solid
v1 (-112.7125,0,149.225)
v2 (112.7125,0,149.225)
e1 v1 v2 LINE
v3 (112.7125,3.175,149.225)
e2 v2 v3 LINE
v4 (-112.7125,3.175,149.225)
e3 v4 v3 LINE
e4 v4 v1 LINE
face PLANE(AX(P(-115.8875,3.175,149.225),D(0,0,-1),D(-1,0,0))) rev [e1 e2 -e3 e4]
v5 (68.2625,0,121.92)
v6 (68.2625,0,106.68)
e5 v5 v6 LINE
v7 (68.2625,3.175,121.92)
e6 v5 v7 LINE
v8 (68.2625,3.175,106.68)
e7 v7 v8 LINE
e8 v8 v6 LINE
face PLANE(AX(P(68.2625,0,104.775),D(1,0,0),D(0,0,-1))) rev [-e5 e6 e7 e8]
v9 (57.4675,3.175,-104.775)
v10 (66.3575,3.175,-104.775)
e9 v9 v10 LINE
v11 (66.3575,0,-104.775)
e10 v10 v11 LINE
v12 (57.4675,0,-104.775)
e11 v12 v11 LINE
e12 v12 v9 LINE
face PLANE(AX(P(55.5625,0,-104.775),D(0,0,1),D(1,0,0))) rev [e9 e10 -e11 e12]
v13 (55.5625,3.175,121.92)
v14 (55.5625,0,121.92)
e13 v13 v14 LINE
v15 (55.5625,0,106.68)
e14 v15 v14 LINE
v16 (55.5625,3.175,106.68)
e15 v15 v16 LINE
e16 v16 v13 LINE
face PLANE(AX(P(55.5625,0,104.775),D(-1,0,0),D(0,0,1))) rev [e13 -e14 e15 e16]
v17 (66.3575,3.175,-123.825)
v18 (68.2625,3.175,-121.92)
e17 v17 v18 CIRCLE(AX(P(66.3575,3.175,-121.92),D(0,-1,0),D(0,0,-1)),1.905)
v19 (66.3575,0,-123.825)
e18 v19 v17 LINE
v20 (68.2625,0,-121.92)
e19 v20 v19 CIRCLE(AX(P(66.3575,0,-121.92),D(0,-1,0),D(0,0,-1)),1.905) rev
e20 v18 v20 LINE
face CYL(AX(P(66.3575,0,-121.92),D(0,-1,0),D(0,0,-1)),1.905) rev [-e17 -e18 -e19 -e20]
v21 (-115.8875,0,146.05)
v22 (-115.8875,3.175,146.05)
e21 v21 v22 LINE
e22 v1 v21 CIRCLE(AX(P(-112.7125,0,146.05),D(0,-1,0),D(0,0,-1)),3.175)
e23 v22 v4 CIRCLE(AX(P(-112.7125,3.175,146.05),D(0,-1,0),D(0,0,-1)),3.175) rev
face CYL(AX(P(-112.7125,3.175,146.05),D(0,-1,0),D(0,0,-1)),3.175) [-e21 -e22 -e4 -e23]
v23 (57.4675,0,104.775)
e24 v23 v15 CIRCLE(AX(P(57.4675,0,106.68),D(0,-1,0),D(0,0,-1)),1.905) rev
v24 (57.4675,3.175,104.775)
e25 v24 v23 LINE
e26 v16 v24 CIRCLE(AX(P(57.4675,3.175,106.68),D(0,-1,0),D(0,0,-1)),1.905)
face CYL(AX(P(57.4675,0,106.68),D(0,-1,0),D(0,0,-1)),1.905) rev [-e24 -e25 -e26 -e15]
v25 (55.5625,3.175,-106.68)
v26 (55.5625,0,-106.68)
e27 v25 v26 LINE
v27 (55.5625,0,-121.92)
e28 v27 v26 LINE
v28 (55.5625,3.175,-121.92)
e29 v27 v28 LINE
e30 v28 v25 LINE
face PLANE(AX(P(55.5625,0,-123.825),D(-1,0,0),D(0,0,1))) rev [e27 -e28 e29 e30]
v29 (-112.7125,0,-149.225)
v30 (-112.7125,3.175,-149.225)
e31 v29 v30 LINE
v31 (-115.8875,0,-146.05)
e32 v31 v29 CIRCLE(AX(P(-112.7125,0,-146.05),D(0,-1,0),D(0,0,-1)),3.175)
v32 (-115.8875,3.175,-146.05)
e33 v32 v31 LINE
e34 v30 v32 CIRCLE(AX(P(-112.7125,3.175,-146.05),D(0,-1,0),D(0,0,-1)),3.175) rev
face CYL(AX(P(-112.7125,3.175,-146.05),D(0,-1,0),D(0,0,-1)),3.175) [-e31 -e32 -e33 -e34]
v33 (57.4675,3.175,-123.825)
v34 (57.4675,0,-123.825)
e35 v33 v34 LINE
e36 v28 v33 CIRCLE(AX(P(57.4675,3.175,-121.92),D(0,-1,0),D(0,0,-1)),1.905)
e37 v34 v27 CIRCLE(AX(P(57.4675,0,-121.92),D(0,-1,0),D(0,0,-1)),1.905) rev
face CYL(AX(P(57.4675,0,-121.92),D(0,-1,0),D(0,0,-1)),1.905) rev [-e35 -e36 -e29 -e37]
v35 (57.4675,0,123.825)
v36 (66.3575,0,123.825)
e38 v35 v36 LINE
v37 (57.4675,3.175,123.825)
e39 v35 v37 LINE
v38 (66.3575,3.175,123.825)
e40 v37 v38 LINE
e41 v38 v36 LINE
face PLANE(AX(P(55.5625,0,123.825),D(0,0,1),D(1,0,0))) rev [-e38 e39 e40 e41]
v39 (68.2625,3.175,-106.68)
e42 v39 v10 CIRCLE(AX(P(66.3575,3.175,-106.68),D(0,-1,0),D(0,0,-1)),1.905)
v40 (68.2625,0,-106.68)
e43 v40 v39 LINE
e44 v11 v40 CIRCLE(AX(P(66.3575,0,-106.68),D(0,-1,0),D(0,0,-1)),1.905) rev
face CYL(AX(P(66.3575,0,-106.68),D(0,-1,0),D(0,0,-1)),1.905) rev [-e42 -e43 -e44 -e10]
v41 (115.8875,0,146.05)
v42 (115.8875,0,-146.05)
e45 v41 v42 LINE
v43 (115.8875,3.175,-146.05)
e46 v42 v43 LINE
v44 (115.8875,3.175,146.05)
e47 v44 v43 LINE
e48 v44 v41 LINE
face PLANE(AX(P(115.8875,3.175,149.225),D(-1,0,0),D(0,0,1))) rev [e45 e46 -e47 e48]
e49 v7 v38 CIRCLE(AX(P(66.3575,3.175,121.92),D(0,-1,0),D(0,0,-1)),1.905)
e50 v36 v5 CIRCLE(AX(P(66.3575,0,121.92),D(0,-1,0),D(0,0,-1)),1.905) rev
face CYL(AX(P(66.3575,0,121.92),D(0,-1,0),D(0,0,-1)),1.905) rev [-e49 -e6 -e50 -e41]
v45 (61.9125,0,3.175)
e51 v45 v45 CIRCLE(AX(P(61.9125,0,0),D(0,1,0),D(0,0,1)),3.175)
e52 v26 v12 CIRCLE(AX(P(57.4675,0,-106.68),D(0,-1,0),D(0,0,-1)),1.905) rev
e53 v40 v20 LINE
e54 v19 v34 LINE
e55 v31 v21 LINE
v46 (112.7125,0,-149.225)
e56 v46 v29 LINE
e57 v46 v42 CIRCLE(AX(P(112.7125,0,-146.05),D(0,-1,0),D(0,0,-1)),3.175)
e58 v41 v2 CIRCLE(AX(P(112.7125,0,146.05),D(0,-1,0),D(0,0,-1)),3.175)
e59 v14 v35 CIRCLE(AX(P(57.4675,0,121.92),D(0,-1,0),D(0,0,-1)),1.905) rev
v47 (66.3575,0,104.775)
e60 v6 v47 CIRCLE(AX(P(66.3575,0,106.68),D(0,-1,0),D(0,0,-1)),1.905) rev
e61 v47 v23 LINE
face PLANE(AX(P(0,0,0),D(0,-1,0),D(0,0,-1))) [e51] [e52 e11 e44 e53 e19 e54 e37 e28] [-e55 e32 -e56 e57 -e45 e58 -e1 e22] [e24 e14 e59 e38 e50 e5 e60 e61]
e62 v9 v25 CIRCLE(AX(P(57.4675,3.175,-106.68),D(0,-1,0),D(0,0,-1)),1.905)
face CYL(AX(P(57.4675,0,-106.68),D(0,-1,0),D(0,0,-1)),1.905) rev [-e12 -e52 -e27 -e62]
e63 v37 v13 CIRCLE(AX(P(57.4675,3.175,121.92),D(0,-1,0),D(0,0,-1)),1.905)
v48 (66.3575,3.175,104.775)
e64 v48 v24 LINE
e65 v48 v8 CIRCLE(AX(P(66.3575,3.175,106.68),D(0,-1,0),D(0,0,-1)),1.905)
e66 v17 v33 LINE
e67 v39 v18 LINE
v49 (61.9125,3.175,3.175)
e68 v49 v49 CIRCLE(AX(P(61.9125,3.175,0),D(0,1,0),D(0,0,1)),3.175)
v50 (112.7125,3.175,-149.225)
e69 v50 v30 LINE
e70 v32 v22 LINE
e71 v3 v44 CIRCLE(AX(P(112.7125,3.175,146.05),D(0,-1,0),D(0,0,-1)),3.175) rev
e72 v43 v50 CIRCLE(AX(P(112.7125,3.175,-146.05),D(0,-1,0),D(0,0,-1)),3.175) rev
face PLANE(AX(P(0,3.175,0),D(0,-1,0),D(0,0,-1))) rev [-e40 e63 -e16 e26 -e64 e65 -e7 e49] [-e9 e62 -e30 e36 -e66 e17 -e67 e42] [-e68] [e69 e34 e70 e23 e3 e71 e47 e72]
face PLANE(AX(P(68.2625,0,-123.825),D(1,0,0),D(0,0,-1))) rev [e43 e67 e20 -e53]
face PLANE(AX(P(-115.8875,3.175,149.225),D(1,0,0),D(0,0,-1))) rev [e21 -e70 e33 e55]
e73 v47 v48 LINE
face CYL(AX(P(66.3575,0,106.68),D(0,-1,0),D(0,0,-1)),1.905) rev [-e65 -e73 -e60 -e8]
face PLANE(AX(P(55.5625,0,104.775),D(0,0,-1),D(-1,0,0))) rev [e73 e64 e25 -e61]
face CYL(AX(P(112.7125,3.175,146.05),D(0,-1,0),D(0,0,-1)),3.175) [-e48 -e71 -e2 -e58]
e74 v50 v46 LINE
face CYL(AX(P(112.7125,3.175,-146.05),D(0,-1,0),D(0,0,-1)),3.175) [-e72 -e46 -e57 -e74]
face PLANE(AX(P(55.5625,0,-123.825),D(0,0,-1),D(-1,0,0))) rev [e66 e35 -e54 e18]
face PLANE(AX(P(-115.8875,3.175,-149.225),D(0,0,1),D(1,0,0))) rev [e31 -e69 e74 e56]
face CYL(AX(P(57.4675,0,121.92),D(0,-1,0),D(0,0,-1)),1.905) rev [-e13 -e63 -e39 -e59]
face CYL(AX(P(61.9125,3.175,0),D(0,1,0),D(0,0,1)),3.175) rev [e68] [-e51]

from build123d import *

# Parameters (mm, degrees)
SKETCH1_W                   = 231.775
SKETCH1_H                   = 298.45
BOSS_EXTRUDE1_DEPTH         = 3.175
F_1_4_0_25_DIAMETER_HOLE1_D = 6.35
FILLET1_R                   = 3.175
SKETCH4_W                   = 12.7
SKETCH4_H                   = 19.05
CUT_EXTRUDE1_DEPTH          = 4.175
FILLET2_R                   = 1.905


with BuildPart() as part:
    # Sketch1 → Boss-Extrude1 (new body)
    with BuildSketch(Plane(origin=(0, 0, 0), x_dir=(1, 0, 0), z_dir=(0, 1, 0))):
        Rectangle(SKETCH1_W, SKETCH1_H)
    extrude(amount=BOSS_EXTRUDE1_DEPTH)

    # 1/4 (0.25) Diameter Hole1 (through all)
    with Locations(Plane(origin=(0, 3.175, 0), x_dir=(1, 0, 0), z_dir=(0, 1, 0))):
        with Locations((61.9125, 0)):
            Hole(F_1_4_0_25_DIAMETER_HOLE1_D / 2)

    # Fillet1
    fillet1_edges = [part.edges().sort_by_distance(p)[0] for p in [
        (115.8875, 1.5875, 149.225),
        (-115.8875, 1.5875, 149.225),
        (-115.8875, 1.5875, -149.225),
        (115.8875, 1.5875, -149.225),
    ]]
    fillet(fillet1_edges, radius=FILLET1_R)

    # Sketch4 → Cut-Extrude1 (cut, through all)
    with BuildSketch(Plane(origin=(0, 3.175, 0), x_dir=(1, 0, 0), z_dir=(0, 1, 0))):
        with Locations((61.9125, -114.3)):
            Rectangle(SKETCH4_W, SKETCH4_H)
        with Locations((61.9125, 114.3)):
            Rectangle(SKETCH4_W, SKETCH4_H)
    extrude(amount=-CUT_EXTRUDE1_DEPTH, mode=Mode.SUBTRACT)

    # Fillet2
    fillet2_edges = [part.edges().sort_by_distance(p)[0] for p in [
        (55.5625, 1.5875, 123.825),
        (55.5625, 1.5875, 104.775),
        (68.2625, 1.5875, 104.775),
        (68.2625, 1.5875, 123.825),
        (55.5625, 1.5875, -104.775),
        (55.5625, 1.5875, -123.825),
        (68.2625, 1.5875, -123.825),
        (68.2625, 1.5875, -104.775),
    ]]
    fillet(fillet2_edges, radius=FILLET2_R)


solid = part.part
